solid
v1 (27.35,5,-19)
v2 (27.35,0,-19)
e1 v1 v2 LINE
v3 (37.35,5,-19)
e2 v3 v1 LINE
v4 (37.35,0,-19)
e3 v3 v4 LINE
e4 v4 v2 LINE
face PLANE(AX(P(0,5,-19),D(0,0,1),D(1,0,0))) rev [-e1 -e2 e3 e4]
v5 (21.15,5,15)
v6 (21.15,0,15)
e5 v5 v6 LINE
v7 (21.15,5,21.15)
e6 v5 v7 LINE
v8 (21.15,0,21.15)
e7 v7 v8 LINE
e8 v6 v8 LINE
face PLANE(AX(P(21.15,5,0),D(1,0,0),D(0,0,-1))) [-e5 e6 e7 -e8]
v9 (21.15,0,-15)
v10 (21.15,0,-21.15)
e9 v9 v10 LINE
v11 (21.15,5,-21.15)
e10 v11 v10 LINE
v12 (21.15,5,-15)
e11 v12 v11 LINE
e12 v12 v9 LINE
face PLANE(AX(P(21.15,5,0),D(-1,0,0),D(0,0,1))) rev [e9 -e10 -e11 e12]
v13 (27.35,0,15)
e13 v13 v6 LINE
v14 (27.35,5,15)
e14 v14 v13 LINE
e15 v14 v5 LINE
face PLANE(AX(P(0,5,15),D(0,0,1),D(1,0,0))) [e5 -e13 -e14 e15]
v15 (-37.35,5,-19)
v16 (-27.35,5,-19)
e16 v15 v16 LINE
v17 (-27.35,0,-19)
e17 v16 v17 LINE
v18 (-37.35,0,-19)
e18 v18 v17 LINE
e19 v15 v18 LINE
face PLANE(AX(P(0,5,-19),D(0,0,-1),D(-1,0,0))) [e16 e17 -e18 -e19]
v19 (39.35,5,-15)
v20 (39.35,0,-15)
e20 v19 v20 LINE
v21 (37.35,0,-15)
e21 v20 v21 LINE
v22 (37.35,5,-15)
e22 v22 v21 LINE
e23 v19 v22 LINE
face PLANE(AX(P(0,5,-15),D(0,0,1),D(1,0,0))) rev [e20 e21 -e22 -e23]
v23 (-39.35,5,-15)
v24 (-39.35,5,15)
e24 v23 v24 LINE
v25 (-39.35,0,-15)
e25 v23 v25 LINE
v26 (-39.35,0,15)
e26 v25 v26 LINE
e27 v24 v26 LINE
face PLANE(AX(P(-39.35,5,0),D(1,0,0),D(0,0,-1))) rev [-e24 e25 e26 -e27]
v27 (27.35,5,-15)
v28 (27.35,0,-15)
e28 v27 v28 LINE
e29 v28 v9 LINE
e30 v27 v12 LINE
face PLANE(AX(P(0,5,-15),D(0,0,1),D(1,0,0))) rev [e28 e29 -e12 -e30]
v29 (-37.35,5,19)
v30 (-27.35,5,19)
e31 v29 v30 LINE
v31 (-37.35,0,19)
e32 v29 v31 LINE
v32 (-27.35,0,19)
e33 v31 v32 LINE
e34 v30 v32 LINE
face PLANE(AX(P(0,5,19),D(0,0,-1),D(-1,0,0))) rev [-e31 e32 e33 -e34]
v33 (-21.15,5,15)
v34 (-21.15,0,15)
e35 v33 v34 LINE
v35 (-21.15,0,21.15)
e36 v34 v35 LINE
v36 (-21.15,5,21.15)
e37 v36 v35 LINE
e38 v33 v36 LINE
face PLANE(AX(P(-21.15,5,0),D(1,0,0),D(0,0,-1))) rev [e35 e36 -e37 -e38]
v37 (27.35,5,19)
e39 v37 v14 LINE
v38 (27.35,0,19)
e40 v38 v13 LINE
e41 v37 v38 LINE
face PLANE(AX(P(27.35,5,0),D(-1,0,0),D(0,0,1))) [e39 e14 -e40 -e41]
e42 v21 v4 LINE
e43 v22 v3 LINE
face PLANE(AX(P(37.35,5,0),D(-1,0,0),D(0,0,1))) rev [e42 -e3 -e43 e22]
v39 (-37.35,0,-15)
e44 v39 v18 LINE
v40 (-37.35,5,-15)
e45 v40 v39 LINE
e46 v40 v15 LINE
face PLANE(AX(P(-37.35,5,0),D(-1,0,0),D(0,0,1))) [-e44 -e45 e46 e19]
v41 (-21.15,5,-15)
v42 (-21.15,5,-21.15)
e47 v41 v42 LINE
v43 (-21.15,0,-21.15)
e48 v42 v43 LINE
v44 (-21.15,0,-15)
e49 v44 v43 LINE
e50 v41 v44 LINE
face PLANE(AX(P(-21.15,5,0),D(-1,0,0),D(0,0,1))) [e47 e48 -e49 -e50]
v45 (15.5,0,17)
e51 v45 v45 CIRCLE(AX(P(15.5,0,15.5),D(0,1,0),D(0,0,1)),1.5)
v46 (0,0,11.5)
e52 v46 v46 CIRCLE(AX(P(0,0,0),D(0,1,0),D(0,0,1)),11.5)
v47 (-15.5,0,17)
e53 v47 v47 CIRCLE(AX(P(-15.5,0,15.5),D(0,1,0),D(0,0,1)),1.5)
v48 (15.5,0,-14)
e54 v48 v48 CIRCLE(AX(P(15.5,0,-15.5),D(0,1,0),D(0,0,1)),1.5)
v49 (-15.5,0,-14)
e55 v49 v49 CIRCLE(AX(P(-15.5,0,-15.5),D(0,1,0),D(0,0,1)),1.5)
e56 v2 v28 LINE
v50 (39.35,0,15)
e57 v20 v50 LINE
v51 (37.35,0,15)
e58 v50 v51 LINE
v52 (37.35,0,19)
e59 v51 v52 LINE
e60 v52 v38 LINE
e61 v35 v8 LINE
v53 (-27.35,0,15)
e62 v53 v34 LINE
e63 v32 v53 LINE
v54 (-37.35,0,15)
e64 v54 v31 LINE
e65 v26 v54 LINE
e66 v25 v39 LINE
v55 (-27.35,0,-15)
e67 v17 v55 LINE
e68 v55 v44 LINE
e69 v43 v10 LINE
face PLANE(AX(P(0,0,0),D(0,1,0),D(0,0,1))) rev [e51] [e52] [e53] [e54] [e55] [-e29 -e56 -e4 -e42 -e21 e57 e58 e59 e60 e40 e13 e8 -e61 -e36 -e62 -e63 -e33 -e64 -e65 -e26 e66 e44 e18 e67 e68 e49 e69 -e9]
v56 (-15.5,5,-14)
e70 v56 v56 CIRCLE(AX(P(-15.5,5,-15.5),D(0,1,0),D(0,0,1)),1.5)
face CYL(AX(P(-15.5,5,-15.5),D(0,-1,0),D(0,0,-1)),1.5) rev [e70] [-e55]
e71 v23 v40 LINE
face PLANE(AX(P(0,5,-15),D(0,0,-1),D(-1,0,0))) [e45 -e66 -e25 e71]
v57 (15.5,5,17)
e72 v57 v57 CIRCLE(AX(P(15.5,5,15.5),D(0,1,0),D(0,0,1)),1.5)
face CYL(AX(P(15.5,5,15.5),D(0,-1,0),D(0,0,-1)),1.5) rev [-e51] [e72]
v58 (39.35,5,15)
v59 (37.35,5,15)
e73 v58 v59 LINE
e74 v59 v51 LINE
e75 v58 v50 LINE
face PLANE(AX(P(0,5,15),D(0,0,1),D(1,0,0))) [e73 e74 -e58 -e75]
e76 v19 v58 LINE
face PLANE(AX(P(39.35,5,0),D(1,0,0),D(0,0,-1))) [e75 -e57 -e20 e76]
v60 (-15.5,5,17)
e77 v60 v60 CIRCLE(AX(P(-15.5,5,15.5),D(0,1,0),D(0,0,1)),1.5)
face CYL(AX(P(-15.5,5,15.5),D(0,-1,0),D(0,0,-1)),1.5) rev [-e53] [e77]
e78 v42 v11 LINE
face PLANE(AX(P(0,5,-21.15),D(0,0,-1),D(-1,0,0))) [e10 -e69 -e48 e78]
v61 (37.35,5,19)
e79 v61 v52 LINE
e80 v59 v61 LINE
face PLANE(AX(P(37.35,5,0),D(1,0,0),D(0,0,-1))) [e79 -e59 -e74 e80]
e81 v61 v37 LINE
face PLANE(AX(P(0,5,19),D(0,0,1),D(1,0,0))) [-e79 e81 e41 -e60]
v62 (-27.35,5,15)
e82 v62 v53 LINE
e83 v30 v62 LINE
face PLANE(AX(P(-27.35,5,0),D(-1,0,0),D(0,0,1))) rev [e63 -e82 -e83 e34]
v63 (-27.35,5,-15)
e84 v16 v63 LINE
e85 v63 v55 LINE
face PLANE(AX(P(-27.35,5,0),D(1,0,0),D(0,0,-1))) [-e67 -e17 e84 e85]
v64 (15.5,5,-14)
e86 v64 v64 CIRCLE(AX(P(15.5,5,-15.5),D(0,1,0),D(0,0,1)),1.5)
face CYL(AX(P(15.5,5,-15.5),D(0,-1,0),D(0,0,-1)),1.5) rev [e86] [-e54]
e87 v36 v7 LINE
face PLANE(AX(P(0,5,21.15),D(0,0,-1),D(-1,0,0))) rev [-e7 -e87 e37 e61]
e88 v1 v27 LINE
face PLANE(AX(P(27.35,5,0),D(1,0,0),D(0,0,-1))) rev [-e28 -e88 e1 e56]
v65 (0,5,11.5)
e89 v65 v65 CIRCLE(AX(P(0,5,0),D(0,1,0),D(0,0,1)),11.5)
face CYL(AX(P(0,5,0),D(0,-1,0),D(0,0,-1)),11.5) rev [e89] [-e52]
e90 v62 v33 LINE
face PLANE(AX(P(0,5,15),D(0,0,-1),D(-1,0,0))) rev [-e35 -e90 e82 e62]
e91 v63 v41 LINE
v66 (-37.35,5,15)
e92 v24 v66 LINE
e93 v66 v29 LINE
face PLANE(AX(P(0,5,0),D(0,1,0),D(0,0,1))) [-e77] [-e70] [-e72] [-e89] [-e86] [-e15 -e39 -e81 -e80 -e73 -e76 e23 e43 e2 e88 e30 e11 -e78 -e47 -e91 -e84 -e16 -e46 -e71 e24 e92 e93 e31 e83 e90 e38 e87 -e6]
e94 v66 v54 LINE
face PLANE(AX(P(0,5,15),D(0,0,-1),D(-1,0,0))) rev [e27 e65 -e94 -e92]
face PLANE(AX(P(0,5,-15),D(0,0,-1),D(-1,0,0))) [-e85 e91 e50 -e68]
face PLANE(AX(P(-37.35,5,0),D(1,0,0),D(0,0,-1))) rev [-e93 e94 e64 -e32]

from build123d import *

# Parameters (mm, degrees)
SKETCH1_R           = 11.5
SKETCH1_R_2         = 1.5
BOSS_EXTRUDE1_DEPTH = 5


with BuildPart() as part:
    # Sketch1 → Boss-Extrude1 (new body)
    with BuildSketch(Plane(origin=(0, 0, 0), x_dir=(1, 0, 0), z_dir=(0, 1, 0))):
        Polygon((-39.35, -15), (-37.35, -15), (-37.35, -19), (-27.35, -19), (-27.35, -15), (-21.15, -15), (-21.15, -21.15), (21.15, -21.15), (21.15, -15), (27.35, -15), (27.35, -19), (37.35, -19), (37.35, -15), (39.35, -15), (39.35, 15), (37.35, 15), (37.35, 19), (27.35, 19), (27.35, 15), (21.15, 15), (21.15, 21.15), (-21.15, 21.15), (-21.15, 15), (-27.35, 15), (-27.35, 19), (-37.35, 19), (-37.35, 15), (-39.35, 15), align=None)
        Circle(SKETCH1_R, mode=Mode.SUBTRACT)
        with Locations((15.5, 15.5)):
            Circle(SKETCH1_R_2, mode=Mode.SUBTRACT)
        with Locations((15.5, -15.5)):
            Circle(SKETCH1_R_2, mode=Mode.SUBTRACT)
        with Locations((-15.5, -15.5)):
            Circle(SKETCH1_R_2, mode=Mode.SUBTRACT)
        with Locations((-15.5, 15.5)):
            Circle(SKETCH1_R_2, mode=Mode.SUBTRACT)
    extrude(amount=BOSS_EXTRUDE1_DEPTH)


solid = part.part
